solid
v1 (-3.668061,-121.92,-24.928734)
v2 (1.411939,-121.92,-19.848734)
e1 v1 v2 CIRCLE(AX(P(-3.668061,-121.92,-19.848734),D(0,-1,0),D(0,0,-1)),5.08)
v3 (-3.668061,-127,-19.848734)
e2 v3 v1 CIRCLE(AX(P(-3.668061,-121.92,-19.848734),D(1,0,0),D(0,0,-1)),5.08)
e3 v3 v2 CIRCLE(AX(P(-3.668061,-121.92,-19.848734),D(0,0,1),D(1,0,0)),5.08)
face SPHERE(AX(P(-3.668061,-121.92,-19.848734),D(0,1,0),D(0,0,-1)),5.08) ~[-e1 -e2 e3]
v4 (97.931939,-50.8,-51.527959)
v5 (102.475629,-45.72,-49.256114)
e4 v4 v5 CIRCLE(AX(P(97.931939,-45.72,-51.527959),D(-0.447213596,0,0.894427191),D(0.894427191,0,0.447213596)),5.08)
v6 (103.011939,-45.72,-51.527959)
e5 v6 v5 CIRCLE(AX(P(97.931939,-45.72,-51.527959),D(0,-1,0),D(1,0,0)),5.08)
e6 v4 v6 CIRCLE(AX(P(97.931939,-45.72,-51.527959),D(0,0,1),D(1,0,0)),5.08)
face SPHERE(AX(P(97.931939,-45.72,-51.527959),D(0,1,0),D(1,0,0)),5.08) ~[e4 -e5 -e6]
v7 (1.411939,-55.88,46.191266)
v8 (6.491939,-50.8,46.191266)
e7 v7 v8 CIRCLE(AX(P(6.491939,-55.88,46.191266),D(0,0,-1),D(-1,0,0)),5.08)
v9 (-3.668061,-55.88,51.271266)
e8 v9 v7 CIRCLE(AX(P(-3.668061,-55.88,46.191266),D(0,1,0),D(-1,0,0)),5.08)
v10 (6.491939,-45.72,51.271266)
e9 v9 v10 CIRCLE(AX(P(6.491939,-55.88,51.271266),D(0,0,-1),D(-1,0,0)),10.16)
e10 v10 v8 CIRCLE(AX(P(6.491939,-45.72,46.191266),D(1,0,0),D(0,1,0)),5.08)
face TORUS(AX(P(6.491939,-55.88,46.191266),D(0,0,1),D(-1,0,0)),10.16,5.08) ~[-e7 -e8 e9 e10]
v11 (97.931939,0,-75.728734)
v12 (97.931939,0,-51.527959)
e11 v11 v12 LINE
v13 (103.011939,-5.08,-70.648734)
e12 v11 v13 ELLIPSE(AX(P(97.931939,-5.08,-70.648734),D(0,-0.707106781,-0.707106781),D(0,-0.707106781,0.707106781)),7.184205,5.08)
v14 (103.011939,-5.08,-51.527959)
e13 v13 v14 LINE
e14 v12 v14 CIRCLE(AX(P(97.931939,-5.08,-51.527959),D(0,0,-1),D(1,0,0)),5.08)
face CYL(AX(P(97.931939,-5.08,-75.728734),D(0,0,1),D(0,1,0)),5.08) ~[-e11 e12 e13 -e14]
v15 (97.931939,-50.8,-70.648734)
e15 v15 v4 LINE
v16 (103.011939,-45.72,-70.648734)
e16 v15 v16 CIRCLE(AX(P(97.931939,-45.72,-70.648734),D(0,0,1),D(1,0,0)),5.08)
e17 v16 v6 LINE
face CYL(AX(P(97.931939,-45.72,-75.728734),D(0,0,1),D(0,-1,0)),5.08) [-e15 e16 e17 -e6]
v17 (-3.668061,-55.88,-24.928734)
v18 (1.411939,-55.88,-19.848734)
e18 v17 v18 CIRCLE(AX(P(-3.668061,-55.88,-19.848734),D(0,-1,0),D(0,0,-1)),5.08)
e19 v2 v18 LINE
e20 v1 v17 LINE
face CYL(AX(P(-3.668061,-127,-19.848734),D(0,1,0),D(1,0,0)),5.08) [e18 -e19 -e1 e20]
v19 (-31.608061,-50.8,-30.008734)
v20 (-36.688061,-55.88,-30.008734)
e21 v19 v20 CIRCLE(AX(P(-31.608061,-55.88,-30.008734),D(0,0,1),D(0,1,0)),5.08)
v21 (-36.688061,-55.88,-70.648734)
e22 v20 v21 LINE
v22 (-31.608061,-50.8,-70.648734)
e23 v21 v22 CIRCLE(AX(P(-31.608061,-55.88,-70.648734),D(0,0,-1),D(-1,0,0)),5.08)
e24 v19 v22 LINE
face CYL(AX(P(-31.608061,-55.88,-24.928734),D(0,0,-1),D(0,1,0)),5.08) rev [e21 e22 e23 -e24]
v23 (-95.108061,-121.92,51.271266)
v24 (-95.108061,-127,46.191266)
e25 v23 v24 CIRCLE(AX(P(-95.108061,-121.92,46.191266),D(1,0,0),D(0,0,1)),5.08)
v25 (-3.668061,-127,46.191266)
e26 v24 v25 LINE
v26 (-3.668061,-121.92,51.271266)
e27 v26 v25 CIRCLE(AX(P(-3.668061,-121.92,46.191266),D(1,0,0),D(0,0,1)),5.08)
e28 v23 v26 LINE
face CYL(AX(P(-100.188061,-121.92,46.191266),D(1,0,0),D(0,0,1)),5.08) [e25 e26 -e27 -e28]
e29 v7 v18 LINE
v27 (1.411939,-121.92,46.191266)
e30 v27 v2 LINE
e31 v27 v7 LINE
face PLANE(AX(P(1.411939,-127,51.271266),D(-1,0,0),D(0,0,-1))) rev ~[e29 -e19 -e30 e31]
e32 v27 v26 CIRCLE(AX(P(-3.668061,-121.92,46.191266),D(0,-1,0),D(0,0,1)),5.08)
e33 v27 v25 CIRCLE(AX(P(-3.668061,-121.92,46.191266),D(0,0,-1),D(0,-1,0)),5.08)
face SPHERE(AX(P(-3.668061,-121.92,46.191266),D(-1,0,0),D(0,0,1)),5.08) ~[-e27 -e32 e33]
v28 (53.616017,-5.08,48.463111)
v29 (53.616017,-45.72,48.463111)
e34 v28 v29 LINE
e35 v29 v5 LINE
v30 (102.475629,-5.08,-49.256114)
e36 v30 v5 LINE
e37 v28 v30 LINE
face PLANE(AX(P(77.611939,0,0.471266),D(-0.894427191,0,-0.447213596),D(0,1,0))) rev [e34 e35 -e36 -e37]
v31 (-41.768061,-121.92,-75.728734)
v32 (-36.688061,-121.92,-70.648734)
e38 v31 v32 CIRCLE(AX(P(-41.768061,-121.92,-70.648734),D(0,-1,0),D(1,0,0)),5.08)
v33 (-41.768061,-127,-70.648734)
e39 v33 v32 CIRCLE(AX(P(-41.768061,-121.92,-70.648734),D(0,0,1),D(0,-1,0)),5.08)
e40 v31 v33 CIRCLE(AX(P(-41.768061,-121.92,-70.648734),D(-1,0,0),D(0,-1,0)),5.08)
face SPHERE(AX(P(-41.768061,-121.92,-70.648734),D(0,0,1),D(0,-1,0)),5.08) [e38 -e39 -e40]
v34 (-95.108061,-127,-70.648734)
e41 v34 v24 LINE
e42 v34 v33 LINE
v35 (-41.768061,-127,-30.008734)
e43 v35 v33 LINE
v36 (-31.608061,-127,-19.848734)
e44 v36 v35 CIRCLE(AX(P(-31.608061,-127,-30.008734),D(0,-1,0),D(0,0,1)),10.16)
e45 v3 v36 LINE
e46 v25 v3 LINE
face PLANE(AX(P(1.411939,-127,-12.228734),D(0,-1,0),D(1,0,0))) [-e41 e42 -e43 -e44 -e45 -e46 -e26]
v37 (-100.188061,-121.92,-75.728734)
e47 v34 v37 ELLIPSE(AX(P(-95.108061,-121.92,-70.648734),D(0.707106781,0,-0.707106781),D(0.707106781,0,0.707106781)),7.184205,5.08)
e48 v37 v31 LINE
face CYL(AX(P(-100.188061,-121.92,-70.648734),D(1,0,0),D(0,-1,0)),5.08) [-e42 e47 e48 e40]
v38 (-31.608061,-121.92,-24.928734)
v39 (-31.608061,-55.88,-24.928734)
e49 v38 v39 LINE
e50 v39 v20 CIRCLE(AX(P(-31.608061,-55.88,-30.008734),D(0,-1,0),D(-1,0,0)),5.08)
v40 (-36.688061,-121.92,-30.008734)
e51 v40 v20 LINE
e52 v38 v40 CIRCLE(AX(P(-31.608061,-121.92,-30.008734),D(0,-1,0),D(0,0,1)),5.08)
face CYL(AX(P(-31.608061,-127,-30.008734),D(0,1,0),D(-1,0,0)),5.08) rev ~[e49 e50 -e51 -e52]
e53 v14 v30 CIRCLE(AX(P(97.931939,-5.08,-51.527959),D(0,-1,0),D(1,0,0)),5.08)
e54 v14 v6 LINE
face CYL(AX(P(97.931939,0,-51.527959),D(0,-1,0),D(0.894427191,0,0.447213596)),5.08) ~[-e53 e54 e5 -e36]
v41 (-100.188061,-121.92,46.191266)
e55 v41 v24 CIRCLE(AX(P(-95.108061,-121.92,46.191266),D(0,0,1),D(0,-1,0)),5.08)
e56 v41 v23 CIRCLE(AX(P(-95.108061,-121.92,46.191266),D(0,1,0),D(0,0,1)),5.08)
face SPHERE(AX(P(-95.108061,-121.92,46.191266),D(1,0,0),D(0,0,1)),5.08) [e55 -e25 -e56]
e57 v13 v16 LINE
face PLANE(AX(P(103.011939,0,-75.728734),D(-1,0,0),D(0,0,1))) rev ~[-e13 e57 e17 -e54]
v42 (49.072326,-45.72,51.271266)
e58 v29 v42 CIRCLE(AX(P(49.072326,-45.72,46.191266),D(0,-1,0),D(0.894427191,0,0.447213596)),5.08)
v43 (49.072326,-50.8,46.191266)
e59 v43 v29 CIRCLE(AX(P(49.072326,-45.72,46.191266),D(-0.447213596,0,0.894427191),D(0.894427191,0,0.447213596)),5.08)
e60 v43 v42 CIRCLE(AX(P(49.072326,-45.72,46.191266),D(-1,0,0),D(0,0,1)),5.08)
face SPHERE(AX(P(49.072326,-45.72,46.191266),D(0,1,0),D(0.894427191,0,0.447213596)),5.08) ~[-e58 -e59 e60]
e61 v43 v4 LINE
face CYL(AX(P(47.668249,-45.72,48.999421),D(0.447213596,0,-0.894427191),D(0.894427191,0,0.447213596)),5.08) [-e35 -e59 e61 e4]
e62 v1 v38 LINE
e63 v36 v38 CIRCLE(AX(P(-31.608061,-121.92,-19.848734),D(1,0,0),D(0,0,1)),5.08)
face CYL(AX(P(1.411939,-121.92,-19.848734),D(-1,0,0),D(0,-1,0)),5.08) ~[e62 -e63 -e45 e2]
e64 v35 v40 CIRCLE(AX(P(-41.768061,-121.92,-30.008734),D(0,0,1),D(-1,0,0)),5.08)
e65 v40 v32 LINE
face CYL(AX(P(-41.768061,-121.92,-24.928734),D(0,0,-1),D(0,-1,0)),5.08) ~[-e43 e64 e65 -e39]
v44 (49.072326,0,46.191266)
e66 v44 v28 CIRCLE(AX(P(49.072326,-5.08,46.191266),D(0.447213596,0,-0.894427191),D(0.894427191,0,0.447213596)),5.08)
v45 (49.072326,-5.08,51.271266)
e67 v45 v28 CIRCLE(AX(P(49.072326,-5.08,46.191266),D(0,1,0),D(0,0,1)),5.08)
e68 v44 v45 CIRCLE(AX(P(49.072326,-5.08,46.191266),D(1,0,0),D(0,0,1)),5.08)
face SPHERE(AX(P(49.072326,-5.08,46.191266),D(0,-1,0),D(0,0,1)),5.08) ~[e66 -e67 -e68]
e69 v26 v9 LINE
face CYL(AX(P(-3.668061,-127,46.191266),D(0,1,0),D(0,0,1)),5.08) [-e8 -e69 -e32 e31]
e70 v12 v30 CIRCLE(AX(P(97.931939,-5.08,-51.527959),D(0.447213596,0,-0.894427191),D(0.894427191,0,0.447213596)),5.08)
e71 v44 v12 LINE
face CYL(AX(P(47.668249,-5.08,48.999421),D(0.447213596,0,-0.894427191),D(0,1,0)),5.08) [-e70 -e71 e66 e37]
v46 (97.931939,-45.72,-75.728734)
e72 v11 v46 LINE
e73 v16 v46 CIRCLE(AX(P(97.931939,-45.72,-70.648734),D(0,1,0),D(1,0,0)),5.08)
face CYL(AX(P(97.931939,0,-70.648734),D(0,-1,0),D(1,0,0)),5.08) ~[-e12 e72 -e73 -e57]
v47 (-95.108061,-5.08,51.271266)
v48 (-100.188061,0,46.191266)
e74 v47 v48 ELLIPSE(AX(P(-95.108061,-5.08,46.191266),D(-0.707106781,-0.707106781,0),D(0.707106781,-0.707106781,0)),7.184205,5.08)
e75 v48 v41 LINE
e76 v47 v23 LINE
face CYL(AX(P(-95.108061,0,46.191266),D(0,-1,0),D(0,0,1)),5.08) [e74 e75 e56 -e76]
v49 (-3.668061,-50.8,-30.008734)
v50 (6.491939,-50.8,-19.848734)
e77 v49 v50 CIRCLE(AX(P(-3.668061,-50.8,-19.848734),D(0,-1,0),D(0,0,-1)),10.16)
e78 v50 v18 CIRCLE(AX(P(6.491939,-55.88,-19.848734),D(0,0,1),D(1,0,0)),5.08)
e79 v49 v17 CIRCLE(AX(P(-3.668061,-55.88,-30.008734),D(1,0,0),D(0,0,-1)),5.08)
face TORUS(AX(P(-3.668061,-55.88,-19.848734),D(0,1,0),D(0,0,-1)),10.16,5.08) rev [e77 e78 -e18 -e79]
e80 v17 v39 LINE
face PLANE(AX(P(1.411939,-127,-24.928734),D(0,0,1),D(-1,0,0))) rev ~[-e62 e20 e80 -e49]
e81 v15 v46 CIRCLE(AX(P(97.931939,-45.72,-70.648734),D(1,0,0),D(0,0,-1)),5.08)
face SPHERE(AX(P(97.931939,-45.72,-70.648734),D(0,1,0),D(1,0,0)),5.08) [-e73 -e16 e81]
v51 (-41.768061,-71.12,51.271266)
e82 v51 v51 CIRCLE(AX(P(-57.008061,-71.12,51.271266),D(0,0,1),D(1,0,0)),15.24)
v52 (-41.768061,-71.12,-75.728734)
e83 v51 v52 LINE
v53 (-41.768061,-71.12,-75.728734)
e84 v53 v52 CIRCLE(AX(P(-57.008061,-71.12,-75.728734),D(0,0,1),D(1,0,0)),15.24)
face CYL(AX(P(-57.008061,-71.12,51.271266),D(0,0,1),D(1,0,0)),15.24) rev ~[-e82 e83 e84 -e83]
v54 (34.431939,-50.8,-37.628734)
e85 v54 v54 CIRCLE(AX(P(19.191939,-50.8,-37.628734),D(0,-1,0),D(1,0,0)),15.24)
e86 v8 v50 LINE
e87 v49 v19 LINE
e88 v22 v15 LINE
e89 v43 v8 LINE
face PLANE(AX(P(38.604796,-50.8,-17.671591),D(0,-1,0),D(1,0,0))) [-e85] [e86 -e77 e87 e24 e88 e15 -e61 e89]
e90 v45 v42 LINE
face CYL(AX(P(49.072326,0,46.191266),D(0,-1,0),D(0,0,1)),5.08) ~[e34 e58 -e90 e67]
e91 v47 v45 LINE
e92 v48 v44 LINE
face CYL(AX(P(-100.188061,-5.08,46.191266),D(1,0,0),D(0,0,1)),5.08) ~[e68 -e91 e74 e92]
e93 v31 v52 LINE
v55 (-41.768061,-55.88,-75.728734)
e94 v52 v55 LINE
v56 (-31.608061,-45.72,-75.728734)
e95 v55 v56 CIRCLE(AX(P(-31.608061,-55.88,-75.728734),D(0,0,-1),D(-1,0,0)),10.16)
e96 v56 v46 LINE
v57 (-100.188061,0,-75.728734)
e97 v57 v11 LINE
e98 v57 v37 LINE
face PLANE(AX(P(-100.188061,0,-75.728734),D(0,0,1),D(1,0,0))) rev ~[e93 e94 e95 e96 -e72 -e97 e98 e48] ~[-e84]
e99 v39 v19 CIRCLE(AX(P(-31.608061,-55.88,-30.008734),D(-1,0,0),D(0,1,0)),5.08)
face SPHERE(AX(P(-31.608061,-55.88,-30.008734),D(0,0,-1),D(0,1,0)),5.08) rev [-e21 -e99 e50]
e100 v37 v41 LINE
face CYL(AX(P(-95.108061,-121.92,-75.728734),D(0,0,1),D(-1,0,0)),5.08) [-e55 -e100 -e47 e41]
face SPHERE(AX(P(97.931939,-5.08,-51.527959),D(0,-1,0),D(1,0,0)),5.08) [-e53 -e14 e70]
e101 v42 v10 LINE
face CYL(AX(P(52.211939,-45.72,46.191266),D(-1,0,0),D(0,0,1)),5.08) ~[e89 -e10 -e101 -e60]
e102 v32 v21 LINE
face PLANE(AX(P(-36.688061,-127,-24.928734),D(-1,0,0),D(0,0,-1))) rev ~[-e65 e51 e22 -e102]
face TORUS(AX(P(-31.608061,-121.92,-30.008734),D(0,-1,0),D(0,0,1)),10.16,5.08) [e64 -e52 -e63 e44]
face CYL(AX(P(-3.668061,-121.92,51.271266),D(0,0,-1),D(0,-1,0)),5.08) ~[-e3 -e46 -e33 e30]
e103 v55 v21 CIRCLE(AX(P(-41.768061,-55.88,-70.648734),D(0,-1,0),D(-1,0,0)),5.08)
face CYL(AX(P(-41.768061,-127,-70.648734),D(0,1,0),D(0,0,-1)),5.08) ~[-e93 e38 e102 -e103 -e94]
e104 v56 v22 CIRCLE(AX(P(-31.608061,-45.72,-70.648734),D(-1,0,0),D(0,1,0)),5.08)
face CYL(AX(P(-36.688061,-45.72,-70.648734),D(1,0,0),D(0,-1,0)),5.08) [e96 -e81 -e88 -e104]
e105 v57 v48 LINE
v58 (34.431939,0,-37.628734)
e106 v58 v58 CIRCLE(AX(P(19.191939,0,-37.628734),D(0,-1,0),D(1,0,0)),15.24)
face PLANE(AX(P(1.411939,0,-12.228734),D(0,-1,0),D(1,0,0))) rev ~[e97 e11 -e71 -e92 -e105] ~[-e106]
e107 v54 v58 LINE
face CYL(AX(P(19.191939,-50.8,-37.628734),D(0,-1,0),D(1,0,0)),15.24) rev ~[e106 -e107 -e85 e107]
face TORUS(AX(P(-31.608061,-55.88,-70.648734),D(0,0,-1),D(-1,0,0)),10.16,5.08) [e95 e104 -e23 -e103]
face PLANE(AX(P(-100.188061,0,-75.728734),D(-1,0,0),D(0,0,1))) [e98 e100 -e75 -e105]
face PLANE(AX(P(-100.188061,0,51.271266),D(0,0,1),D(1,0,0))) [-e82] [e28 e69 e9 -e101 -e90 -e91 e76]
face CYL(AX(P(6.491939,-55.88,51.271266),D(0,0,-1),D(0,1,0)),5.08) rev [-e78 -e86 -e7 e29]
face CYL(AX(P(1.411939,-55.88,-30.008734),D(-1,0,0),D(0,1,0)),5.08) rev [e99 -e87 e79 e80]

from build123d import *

# Parameters (mm, degrees)
F0_W     = 203.2
F0_H     = 127
F1_DEPTH = 127
F3_DEPTH = 76.2
F4_SIZE2 = 101.6
F4_SIZE  = 50.8
F5_R     = 5.08
F6_R     = 15.24
F7_DEPTH = 50.8
F8_R     = 15.24
F9_DEPTH = 127


with BuildPart() as f1:
    # F0 (on Front) → F1 (new body)
    with BuildSketch(Plane.XZ):
        with Locations((1.4119390398, -12.2287340821)):
            Rectangle(F0_W, F0_H)
    extrude(amount=F1_DEPTH)

    # F2 (on face) → F3 (cut)
    with BuildSketch(Plane.XZ.offset(127)):
        Polygon((-36.6880609602, -24.9287340821), (-36.6880609602, -75.7287340821), (103.0119390398, -75.7287340821), (103.0119390398, 51.2712659179), (1.4119390398, 51.2712659179), (1.4119390398, -24.9287340821), align=None)
    extrude(amount=-F3_DEPTH, mode=Mode.SUBTRACT)

    # F4
    f4_edges = [f1.edges().sort_by_distance(p)[0] for p in [
        (103.011939, -25.4, 51.271266),
    ]]
    f4_side = f1.faces().sort_by_distance((-20.35949, -52.614286, 51.271266))[0]
    chamfer(f4_edges, length=F4_SIZE, length2=F4_SIZE2, reference=f4_side)

    # F5
    f5_edges = [f1.edges().sort_by_distance(p)[0] for p in [
        (-49.388061, -127, 51.271266),
        (-100.188061, -63.5, 51.271266),
        (1.411939, -88.9, 51.271266),
        (26.811939, -50.8, 51.271266),
        (52.211939, -25.4, 51.271266),
        (-23.988061, 0, 51.271266),
        (77.611939, -50.8, 0.471266),
        (77.611939, 0, 0.471266),
        (103.011939, -25.4, -50.328734),
        (103.011939, 0, -63.028734),
        (103.011939, -25.4, -75.728734),
        (103.011939, -50.8, -63.028734),
        (33.161939, -50.8, -75.728734),
        (1.411939, -50.8, 13.171266),
        (1.411939, -88.9, -24.928734),
        (-36.688061, -50.8, -50.328734),
        (-17.638061, -127, -24.928734),
        (-36.688061, -127, -50.328734),
        (-68.438061, -127, -75.728734),
        (-36.688061, -88.9, -75.728734),
        (-17.638061, -50.8, -24.928734),
        (-36.688061, -88.9, -24.928734),
        (-100.188061, -127, -12.228734),
        (1.411939, -127, 13.171266),
    ]]
    fillet(f5_edges, radius=F5_R)

    # F6 (on face) → F7 (cut, through all)
    with BuildSketch(Plane.XZ.offset(50.8)):
        with Locations((19.1919390398, -37.6287340821)):
            Circle(F6_R)
    extrude(amount=-F7_DEPTH, mode=Mode.SUBTRACT)

    # F8 (on face) → F9 (cut, through all)
    with BuildSketch(Plane.XY.offset(51.2712659179)):
        with Locations((-57.0080609602, -71.12)):
            Circle(F8_R)
    extrude(amount=-F9_DEPTH, mode=Mode.SUBTRACT)


solid = f1.part
